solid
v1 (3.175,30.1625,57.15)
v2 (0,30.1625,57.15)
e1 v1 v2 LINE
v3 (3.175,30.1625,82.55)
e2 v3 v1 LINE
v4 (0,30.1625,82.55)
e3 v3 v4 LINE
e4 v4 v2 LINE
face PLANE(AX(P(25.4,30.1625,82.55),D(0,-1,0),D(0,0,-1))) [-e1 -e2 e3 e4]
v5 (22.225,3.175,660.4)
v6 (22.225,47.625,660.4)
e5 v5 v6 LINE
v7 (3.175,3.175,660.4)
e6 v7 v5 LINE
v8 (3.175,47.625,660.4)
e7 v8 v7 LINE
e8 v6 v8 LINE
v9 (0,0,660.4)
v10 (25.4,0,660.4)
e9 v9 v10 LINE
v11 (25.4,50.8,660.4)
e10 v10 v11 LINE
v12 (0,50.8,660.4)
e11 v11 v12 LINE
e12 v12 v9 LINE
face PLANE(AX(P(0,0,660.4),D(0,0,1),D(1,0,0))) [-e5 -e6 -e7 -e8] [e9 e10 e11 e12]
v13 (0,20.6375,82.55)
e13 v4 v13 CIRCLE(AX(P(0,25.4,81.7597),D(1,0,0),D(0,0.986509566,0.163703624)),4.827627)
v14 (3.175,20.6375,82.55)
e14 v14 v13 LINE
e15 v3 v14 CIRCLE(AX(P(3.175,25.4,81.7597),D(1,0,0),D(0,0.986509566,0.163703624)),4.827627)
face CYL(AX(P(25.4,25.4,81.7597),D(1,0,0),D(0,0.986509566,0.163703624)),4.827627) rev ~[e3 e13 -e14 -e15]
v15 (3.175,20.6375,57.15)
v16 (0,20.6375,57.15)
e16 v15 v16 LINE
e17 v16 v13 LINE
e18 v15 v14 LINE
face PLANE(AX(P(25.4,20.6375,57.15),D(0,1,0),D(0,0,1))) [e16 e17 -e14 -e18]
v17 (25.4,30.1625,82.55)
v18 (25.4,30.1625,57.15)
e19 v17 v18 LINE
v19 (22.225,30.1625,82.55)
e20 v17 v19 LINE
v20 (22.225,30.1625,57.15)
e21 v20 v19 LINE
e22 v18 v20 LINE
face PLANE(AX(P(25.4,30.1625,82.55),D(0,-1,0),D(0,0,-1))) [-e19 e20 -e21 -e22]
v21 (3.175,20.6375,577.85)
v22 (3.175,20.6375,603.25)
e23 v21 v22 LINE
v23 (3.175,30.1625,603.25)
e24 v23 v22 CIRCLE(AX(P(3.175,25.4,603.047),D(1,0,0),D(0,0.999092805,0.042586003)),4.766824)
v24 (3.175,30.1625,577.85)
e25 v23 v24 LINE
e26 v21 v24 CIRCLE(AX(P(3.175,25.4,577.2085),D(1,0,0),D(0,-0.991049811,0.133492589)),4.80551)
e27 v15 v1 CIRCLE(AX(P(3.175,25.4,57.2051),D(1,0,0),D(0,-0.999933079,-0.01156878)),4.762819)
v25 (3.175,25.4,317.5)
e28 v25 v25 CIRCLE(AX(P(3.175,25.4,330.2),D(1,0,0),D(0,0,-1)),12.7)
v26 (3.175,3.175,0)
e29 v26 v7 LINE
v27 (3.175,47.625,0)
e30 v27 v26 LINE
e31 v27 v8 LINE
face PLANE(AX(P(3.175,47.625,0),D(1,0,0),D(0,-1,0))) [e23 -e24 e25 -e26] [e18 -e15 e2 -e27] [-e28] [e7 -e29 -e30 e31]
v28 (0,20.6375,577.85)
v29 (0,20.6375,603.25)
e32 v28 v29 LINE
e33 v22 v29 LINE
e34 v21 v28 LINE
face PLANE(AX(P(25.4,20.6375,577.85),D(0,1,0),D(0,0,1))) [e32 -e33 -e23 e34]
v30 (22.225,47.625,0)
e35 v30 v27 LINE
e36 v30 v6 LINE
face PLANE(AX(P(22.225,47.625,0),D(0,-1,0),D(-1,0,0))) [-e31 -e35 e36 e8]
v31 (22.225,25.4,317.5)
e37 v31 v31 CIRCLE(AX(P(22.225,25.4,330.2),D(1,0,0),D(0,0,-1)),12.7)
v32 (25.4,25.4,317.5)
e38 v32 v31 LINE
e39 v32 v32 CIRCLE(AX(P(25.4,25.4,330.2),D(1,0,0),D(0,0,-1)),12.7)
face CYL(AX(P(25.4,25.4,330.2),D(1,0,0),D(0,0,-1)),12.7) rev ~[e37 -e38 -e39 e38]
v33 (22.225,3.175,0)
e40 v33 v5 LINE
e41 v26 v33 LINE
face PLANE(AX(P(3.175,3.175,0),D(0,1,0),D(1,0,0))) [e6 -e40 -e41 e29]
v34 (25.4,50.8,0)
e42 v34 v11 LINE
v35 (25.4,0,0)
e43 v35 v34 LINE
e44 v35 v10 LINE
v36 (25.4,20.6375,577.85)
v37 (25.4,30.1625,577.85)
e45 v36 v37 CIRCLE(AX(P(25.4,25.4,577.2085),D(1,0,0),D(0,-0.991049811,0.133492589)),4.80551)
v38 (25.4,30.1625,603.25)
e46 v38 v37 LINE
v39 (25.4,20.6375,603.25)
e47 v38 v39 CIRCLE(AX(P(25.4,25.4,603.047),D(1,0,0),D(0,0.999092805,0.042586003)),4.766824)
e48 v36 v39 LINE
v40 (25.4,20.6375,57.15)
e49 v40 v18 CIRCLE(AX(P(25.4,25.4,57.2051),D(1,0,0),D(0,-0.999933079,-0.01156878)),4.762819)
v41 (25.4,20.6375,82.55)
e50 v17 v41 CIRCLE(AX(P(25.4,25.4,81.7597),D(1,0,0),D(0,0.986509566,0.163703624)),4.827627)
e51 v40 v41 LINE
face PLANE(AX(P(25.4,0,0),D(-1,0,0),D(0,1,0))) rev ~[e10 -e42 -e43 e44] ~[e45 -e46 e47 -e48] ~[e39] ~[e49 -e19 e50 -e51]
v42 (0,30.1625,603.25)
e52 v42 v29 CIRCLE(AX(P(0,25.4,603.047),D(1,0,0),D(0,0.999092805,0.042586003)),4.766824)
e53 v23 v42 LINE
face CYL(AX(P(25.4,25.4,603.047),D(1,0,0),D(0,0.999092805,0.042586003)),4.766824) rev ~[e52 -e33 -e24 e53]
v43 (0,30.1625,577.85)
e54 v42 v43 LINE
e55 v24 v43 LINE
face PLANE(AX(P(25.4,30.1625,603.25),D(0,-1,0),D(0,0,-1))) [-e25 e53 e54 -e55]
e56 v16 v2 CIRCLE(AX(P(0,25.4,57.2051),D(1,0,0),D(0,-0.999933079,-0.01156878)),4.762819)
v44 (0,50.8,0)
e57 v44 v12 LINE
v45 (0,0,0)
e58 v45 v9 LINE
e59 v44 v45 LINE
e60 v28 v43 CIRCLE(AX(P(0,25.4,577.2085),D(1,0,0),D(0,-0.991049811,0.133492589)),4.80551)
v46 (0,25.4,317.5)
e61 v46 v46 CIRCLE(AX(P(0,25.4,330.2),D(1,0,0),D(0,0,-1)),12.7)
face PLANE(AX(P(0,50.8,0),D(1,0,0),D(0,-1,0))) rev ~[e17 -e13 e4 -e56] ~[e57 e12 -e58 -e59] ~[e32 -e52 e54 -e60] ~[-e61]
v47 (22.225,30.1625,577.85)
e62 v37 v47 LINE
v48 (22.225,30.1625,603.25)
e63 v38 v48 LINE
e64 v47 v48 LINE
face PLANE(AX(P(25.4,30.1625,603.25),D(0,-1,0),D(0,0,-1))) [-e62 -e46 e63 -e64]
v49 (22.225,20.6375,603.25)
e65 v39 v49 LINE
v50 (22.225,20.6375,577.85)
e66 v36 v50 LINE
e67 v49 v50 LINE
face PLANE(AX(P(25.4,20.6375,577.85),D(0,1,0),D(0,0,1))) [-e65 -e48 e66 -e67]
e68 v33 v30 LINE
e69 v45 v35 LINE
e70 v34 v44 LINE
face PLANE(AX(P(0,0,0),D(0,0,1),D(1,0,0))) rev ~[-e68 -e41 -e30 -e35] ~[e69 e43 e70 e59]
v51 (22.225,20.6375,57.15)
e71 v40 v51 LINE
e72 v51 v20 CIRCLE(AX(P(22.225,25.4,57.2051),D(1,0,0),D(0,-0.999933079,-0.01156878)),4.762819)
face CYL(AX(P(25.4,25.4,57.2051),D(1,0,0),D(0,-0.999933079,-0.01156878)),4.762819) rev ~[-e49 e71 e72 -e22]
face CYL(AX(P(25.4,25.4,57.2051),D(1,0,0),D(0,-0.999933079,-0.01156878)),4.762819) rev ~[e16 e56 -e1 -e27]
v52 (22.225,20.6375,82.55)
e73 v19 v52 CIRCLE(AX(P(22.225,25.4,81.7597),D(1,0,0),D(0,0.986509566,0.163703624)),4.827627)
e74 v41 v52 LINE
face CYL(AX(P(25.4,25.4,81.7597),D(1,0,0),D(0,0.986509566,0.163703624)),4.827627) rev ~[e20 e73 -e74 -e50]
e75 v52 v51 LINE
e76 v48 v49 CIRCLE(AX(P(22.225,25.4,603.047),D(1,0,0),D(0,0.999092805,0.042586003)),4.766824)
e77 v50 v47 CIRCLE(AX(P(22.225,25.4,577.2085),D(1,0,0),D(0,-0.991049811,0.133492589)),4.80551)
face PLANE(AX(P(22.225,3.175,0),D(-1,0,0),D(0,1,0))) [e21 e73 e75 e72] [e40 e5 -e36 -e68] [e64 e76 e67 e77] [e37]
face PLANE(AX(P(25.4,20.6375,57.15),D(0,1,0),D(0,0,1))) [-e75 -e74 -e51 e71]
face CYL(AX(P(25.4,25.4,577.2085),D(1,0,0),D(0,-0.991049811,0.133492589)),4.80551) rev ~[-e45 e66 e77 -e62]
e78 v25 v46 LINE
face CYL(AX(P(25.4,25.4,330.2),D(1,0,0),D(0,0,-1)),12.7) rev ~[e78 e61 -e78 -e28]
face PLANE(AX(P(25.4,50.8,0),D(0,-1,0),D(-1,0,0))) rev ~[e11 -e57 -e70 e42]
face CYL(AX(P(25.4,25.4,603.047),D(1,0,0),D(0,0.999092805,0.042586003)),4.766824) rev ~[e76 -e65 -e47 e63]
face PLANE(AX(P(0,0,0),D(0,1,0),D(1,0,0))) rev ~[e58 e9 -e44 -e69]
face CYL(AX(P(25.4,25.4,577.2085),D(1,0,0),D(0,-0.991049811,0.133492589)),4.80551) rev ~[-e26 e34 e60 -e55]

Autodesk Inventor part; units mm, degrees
ref_plane "YZ Plane" through (0, 0, 0) normal (1, 0, 0) x (0, 1, 0)
ref_plane "XZ Plane" through (0, 0, 0) normal (0, 1, 0) x (-1, 0, 0)
ref_plane "XY Plane" through (0, 0, 0) normal (0, 0, 1) x (1, 0, 0)
sketch "Sketch1" plane through (0, 0, 0) normal (0, 0, 1) x (1, 0, 0)
  line L0 (0, 0) -> (25.4, 0)
  line L1 (25.4, 0) -> (25.4, 50.8)
  line L2 (25.4, 50.8) -> (0, 50.8)
  line L3 (0, 50.8) -> (0, 0)
  line L4 (3.175, 3.175) -> (22.225, 3.175)
  line L5 (22.225, 3.175) -> (22.225, 47.625)
  line L6 (22.225, 47.625) -> (3.175, 47.625)
  line L7 (3.175, 47.625) -> (3.175, 3.175)
  dimension "d0" = 25.4
  dimension "d1" = 50.8
  dimension "d2" = 19.05
  dimension "d3" = 44.45
  dimension "d4" = 3.175
  dimension "d5" = 3.175
extrude "Extrusion1" add sketch "Sketch1" along normal blind 660.4
sketch "Sketch2" plane through (25.4, 0, 0) normal (1, 0, 0) x (0, 0, -1)
  line L0 (0, 0) -> (0, 50.8) projected
  line L1 (0, 50.8) -> (-660.4, 50.8) projected
  line L2 (-660.4, 0) -> (-660.4, 50.8) projected
  line L3 (0, 0) -> (-660.4, 0) projected
  circle A0 centre (-330.2, 25.4) radius 12.7
  line L4 (-603.25, 25.4) -> (-603.25, 20.6375) construction
  line L5 (-603.25, 20.6375) -> (-603.25, 30.1625) construction
  line L6 (-577.85, 25.4) -> (-577.85, 20.6375) construction
  line L7 (-577.85, 20.6375) -> (-577.85, 30.1625) construction
  line L8 (-82.55, 25.4) -> (-82.55, 20.6375) construction
  line L9 (-82.55, 25.4) -> (-77.7875, 25.4) construction
  line L10 (-82.55, 20.6375) -> (-82.55, 30.1625) construction
  line L11 (-57.15, 25.4) -> (-57.15, 20.6375) construction
  line L12 (-57.15, 25.4) -> (-52.3875, 25.4) construction
  line L13 (-57.15, 20.6375) -> (-57.15, 30.1625) construction
  arc A1 (-603.25, 30.1625) -> (-603.25, 20.6375) centre (-603.047, 25.4) ccw
  arc A2 (-577.85, 20.6375) -> (-577.85, 30.1625) centre (-577.2085, 25.4) ccw
  arc A3 (-82.55, 30.1625) -> (-82.55, 20.6375) centre (-81.7597, 25.4) ccw
  arc A4 (-57.15, 20.6375) -> (-57.15, 30.1625) centre (-57.2051, 25.4) ccw
  line L14 (-82.55, 30.1625) -> (-57.15, 30.1625)
  line L15 (-57.15, 20.6375) -> (-82.55, 20.6375)
  line L16 (-603.25, 30.1625) -> (-577.85, 30.1625)
  line L17 (-577.85, 20.6375) -> (-603.25, 20.6375)
  dimension "d8" = 25.4
  dimension "d9" = 330.2
  dimension "d10" = 25.4
  dimension "d11" = 25.4
  dimension "d12" = 25.4
  dimension "d13" = 25.4
  dimension "d14" = 25.4
  dimension "d15" = 57.15
  dimension "d16" = 57.15
  dimension "d17" = 82.55
  dimension "d18" = 82.55
  dimension "d19" = 4.7625
  dimension "d20" = 9.525
  dimension "d21" = 4.7625
  dimension "d22" = 9.525
  dimension "d23" = 4.7625
  dimension "d24" = 90
  dimension "d25" = 9.525
  dimension "d26" = 4.7625
  dimension "d27" = 90
  dimension "d28" = 9.525
  dimension "d29" = 4.7668
  dimension "d30" = 4.8055
  dimension "d31" = 4.8276
  dimension "d32" = 4.7628
extrude "Extrusion2" cut sketch "Sketch2" against normal blind 762 contours A0 | L16 A2 L17 A1 | L14 A4 L15 A3
properties part number "frame_long"
